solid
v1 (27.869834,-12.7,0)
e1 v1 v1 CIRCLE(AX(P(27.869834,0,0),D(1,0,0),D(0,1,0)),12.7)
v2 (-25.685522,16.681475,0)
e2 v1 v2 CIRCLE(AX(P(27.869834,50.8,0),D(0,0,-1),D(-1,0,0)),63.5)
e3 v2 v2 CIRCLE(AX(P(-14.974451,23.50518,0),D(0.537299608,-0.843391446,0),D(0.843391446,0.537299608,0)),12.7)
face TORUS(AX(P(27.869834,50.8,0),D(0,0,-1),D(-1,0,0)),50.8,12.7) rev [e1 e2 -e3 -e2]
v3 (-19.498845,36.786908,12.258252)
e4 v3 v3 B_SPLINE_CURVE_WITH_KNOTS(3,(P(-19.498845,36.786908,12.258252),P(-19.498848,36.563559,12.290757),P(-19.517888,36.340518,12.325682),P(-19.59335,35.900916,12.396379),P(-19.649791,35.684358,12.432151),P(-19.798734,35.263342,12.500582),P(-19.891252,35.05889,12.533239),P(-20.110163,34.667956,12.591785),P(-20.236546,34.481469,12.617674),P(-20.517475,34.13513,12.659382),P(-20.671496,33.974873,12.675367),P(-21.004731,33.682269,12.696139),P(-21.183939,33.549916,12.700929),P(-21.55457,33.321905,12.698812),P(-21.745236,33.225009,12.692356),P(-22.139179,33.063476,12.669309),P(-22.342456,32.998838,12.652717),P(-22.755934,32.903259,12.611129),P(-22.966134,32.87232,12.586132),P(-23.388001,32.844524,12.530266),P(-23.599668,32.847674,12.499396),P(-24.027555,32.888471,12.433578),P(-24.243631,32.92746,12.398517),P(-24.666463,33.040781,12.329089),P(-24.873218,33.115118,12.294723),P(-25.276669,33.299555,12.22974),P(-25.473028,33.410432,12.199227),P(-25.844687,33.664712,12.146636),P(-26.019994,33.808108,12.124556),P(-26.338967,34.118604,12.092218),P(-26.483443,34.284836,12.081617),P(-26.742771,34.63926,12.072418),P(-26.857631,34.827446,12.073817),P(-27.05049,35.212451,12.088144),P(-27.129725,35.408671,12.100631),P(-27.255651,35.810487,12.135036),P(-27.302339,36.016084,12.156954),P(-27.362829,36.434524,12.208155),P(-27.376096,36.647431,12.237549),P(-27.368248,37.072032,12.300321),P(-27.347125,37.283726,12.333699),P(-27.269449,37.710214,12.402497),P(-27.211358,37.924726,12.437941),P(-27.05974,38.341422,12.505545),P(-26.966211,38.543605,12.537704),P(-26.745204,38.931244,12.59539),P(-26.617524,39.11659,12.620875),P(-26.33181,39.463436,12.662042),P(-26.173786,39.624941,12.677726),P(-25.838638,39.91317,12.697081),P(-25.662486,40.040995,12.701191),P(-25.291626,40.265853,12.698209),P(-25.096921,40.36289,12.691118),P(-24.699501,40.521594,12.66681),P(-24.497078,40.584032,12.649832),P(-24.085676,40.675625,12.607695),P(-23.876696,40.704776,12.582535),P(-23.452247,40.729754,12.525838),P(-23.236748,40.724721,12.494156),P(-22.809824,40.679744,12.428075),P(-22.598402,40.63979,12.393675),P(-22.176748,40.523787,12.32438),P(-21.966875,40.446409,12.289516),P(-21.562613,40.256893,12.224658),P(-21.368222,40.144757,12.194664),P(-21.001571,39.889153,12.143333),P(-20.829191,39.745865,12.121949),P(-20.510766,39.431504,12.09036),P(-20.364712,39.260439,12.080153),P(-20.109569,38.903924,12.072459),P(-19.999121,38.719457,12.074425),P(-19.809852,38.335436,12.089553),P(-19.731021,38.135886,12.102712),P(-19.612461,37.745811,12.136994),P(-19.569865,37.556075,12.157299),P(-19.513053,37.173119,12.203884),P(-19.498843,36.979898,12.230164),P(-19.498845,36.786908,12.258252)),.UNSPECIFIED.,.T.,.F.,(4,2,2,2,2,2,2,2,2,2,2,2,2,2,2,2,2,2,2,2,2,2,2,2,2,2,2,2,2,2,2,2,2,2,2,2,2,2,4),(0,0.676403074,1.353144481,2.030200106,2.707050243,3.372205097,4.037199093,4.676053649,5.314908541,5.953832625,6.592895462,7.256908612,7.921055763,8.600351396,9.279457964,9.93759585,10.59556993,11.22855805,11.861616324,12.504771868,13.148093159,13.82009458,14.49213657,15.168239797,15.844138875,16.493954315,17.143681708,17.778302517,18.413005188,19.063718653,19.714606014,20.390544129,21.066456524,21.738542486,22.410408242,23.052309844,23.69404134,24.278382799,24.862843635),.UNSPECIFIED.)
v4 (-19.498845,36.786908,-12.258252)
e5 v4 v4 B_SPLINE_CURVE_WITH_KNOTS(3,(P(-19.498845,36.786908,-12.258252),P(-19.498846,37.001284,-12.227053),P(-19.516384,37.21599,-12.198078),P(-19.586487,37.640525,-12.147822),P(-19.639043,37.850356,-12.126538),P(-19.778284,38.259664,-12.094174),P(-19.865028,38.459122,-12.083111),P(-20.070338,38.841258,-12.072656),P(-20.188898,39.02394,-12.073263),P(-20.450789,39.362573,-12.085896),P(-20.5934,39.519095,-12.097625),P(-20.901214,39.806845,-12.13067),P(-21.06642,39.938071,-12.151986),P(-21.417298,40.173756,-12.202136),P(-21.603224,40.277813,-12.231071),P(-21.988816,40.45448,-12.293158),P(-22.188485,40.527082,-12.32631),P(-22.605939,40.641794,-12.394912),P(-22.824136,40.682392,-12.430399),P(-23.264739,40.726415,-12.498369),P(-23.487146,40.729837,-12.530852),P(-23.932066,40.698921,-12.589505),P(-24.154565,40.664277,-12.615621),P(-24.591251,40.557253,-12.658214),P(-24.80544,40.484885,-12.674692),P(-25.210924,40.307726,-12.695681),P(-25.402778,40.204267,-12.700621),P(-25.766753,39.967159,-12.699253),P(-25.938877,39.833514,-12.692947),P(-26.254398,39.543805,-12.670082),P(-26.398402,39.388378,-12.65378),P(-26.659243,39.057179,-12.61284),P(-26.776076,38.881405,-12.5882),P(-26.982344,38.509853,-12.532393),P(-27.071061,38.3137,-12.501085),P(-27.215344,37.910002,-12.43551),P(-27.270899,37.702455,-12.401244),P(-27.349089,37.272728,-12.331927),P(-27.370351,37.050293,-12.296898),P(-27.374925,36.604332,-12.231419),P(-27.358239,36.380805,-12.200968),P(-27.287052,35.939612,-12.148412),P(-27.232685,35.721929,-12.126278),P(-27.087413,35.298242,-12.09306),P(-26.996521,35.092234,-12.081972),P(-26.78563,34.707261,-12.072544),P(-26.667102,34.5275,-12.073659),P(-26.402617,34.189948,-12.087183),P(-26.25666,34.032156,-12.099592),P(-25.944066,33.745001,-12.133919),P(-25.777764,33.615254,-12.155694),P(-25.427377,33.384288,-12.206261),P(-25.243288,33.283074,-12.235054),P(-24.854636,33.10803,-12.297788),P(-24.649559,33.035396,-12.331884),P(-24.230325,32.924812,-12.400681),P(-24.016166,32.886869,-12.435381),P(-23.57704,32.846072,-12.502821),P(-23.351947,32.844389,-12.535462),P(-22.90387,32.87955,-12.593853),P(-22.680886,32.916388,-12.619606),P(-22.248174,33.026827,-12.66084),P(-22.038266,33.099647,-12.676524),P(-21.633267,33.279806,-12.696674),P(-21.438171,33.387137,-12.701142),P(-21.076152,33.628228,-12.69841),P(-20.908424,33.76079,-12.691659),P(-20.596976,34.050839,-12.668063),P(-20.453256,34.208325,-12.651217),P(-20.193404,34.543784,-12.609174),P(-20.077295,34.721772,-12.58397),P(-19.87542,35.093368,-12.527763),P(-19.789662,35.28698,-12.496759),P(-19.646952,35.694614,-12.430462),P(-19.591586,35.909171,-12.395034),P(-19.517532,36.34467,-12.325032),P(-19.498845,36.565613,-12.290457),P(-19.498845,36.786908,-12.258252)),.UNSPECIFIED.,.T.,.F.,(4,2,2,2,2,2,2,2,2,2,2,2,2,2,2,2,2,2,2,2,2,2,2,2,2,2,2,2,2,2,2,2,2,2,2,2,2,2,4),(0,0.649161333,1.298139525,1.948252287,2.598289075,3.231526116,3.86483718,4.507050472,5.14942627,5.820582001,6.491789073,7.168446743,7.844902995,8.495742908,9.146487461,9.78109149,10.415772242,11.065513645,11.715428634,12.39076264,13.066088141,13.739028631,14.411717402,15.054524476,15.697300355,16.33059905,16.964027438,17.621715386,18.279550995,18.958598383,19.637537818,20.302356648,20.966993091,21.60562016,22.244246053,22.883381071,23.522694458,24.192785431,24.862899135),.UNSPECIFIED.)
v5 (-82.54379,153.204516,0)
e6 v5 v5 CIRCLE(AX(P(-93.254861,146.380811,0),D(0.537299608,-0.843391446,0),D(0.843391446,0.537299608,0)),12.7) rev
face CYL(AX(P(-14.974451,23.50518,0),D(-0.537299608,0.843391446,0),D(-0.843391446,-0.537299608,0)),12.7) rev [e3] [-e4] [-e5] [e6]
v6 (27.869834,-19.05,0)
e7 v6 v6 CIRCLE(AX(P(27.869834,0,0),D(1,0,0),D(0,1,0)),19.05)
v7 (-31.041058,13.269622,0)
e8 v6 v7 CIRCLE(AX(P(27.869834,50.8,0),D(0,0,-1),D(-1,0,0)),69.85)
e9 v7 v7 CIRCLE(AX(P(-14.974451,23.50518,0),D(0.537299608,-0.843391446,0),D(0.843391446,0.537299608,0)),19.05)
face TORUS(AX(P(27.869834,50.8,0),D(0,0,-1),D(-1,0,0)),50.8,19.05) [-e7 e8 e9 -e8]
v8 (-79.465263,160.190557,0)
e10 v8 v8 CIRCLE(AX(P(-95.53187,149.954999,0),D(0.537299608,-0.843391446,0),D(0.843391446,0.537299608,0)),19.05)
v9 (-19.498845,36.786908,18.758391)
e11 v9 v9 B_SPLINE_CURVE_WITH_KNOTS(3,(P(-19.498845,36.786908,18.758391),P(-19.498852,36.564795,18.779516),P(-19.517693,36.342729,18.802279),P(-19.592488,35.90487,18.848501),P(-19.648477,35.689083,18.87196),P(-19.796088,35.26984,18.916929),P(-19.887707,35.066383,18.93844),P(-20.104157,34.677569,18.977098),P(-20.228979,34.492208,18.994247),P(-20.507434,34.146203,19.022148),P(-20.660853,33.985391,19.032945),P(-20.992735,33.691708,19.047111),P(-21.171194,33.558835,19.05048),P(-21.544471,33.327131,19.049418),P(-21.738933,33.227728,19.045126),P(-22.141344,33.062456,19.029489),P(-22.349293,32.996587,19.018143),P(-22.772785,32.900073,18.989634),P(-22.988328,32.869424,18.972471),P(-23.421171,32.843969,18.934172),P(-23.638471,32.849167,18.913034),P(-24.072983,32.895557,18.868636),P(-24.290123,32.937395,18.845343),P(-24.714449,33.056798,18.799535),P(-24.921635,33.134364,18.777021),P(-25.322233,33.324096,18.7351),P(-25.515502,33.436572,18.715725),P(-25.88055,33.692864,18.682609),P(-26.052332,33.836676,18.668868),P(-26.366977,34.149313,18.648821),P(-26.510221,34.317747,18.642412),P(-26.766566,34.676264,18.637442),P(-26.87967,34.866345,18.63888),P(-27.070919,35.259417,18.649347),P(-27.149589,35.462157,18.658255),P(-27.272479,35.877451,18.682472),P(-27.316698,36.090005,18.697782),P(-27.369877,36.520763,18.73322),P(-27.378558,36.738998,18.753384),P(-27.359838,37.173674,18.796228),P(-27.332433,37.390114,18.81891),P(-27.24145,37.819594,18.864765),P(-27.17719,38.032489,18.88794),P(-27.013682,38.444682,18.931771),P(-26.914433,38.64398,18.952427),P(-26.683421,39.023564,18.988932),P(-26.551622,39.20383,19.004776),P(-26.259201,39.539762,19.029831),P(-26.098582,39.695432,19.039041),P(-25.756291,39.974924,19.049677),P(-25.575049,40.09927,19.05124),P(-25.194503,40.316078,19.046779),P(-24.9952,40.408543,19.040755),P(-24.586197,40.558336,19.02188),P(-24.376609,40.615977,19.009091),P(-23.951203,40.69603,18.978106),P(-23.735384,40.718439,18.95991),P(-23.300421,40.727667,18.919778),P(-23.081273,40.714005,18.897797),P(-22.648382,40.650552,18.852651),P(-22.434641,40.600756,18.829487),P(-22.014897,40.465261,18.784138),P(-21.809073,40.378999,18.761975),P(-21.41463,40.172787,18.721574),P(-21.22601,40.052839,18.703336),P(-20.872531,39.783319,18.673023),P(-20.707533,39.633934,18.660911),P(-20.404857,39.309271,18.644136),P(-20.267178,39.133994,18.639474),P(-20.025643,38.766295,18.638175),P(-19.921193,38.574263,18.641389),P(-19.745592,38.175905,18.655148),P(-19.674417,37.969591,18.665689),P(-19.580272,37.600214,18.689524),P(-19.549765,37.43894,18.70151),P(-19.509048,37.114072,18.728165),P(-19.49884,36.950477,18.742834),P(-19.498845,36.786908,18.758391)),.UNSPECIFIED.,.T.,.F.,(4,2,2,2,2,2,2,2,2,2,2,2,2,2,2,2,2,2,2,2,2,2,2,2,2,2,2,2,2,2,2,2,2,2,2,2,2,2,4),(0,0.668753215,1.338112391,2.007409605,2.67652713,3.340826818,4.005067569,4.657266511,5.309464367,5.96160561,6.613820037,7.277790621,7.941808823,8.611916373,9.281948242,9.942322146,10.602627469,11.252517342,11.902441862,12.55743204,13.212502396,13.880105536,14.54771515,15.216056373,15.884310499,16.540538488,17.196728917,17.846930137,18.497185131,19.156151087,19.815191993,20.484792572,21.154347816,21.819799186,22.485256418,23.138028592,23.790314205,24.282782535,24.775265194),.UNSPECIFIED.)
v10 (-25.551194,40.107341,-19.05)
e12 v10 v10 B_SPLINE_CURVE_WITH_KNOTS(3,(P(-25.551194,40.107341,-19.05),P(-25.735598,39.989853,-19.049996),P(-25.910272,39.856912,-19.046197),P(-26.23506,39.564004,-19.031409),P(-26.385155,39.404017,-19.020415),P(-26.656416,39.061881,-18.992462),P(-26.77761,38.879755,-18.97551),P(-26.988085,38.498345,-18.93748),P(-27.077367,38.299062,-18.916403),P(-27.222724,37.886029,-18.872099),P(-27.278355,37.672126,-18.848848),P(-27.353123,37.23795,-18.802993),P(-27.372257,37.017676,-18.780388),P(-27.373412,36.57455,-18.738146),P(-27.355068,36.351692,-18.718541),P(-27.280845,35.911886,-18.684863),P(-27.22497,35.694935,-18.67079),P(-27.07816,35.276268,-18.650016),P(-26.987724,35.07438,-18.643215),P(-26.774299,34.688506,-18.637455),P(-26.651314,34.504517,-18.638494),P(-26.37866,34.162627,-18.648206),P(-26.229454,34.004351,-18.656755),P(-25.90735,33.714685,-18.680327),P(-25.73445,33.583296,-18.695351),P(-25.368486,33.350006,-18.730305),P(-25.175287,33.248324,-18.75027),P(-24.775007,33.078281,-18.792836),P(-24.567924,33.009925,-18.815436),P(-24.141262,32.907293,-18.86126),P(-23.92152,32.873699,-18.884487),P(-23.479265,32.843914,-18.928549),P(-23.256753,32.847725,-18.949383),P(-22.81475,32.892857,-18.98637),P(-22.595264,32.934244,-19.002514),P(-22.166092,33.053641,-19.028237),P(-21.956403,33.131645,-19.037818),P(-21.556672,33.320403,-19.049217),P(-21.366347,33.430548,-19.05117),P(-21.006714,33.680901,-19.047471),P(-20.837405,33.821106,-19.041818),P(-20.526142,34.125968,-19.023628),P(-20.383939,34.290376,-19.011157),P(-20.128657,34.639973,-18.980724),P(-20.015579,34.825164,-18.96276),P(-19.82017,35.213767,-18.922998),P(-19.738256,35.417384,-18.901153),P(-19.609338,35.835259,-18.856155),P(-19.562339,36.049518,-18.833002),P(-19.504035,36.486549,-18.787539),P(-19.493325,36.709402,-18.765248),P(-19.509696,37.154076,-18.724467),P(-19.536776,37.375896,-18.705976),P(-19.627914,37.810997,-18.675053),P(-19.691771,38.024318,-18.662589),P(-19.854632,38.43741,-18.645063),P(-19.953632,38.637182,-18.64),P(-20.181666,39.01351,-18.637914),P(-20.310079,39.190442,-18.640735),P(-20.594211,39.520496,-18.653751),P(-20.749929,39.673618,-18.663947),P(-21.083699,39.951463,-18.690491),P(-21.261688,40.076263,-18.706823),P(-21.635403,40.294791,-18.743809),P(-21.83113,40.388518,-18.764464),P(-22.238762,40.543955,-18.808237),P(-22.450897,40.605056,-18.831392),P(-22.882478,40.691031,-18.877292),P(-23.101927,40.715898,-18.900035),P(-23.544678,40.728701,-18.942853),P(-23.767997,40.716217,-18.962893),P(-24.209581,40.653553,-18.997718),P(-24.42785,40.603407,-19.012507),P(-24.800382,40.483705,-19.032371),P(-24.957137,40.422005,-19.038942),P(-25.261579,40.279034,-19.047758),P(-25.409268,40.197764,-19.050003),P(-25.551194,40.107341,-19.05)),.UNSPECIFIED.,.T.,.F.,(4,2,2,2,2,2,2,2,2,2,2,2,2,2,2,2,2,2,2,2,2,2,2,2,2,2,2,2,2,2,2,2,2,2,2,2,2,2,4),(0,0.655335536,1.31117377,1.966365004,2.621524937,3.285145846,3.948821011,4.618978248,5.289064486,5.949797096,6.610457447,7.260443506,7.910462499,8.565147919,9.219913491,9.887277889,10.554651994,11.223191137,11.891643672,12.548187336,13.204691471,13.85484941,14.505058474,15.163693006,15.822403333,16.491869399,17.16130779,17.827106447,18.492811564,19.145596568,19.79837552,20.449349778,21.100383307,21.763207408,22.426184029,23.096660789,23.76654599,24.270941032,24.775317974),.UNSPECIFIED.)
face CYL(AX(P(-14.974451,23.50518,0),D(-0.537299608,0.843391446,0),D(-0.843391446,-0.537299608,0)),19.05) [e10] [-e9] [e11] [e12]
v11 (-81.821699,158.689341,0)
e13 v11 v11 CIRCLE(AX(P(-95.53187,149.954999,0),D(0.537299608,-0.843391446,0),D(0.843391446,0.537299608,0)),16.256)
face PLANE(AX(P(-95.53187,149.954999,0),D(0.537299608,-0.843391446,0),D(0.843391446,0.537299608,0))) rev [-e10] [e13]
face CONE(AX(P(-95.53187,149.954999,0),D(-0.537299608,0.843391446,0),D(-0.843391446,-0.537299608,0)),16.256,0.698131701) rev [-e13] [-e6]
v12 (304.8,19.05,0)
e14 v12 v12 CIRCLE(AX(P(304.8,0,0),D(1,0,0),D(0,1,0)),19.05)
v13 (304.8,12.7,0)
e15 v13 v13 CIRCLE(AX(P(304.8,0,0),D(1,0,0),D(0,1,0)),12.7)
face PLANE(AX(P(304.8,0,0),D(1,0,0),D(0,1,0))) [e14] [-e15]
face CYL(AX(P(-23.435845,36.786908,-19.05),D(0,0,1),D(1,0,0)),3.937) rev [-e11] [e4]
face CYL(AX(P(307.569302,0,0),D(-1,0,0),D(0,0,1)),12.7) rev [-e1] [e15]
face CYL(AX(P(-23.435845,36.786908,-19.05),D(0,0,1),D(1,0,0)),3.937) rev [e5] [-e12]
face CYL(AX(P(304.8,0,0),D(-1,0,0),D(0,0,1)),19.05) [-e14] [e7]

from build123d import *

# Parameters (mm, degrees)
SWEEP1_PROFILE_R        = 19.05
CUT_SWEEP1_PROFILE_R    = 12.7
CUT_EXTRUDE1_DEPTH      = 345.85787932
CUT_EXTRUDE1_DEPTH_BACK = 345.85787932
SKETCH46_R              = 3.937
CHAMFER3_SIZE           = 3.556
CHAMFER3_SIZE2          = 4.237875775


with BuildPart() as part:
    # Sweep1: sweep along a path in Sketch1
    with BuildLine(Plane.XY) as sweep1_path:
        Line((304.8, 0), (27.869834361, 0))
        ThreePointArc((27.869834361, 0), (3.4356049, 6.26228081), (-14.974451087, 23.505179896))
        Line((-14.974451087, 23.505179896), (-95.531870364, 149.954999066))
    # Sweep1 profile (on start of the path) → Sweep1 (sweep)
    with BuildSketch(Plane(origin=(304.8, 0, 0), x_dir=(0, 0, -1), z_dir=(-1, 0, 0))):
        Circle(SWEEP1_PROFILE_R)
    sweep(path=sweep1_path.line)

    # Cut-Sweep1: sweep along a path in Sketch1<2>
    with BuildLine(Plane.XY) as cut_sweep1_path:
        Line((304.8, 0), (27.869834361, 0))
        ThreePointArc((27.869834361, 0), (3.4356049, 6.26228081), (-14.974451087, 23.505179896))
        Line((-14.974451087, 23.505179896), (-95.531870364, 149.954999066))
    # Cut-Sweep1 profile (on start of the path) → Cut-Sweep1 (sweep, cut)
    with BuildSketch(Plane(origin=(304.8, 0, 0), x_dir=(0, 0, -1), z_dir=(-1, 0, 0))):
        Circle(CUT_SWEEP1_PROFILE_R)
    sweep(path=cut_sweep1_path.line, mode=Mode.SUBTRACT)

    # Sketch46 → Cut-Extrude1 (cut, two sides: drawn at the far end of the back side and taken through both)
    with BuildSketch(Plane.XY.offset(-CUT_EXTRUDE1_DEPTH_BACK)):
        with Locations((-23.435845319, 36.786908385)):
            Circle(SKETCH46_R)
    extrude(amount=CUT_EXTRUDE1_DEPTH + CUT_EXTRUDE1_DEPTH_BACK, mode=Mode.SUBTRACT)

    # Chamfer3
    chamfer3_edges = [part.edges().sort_by_distance(p)[0] for p in [
        (-95.531870364, 149.954999066, 12.7),
    ]]
    chamfer3_side = [part.faces().sort_by_distance(p)[0] for p in [
        (-95.531870364, 149.954999066, 18.511184633),
    ]]
    chamfer(chamfer3_edges, length=CHAMFER3_SIZE, length2=CHAMFER3_SIZE2, reference=chamfer3_side[0])


solid = part.part
